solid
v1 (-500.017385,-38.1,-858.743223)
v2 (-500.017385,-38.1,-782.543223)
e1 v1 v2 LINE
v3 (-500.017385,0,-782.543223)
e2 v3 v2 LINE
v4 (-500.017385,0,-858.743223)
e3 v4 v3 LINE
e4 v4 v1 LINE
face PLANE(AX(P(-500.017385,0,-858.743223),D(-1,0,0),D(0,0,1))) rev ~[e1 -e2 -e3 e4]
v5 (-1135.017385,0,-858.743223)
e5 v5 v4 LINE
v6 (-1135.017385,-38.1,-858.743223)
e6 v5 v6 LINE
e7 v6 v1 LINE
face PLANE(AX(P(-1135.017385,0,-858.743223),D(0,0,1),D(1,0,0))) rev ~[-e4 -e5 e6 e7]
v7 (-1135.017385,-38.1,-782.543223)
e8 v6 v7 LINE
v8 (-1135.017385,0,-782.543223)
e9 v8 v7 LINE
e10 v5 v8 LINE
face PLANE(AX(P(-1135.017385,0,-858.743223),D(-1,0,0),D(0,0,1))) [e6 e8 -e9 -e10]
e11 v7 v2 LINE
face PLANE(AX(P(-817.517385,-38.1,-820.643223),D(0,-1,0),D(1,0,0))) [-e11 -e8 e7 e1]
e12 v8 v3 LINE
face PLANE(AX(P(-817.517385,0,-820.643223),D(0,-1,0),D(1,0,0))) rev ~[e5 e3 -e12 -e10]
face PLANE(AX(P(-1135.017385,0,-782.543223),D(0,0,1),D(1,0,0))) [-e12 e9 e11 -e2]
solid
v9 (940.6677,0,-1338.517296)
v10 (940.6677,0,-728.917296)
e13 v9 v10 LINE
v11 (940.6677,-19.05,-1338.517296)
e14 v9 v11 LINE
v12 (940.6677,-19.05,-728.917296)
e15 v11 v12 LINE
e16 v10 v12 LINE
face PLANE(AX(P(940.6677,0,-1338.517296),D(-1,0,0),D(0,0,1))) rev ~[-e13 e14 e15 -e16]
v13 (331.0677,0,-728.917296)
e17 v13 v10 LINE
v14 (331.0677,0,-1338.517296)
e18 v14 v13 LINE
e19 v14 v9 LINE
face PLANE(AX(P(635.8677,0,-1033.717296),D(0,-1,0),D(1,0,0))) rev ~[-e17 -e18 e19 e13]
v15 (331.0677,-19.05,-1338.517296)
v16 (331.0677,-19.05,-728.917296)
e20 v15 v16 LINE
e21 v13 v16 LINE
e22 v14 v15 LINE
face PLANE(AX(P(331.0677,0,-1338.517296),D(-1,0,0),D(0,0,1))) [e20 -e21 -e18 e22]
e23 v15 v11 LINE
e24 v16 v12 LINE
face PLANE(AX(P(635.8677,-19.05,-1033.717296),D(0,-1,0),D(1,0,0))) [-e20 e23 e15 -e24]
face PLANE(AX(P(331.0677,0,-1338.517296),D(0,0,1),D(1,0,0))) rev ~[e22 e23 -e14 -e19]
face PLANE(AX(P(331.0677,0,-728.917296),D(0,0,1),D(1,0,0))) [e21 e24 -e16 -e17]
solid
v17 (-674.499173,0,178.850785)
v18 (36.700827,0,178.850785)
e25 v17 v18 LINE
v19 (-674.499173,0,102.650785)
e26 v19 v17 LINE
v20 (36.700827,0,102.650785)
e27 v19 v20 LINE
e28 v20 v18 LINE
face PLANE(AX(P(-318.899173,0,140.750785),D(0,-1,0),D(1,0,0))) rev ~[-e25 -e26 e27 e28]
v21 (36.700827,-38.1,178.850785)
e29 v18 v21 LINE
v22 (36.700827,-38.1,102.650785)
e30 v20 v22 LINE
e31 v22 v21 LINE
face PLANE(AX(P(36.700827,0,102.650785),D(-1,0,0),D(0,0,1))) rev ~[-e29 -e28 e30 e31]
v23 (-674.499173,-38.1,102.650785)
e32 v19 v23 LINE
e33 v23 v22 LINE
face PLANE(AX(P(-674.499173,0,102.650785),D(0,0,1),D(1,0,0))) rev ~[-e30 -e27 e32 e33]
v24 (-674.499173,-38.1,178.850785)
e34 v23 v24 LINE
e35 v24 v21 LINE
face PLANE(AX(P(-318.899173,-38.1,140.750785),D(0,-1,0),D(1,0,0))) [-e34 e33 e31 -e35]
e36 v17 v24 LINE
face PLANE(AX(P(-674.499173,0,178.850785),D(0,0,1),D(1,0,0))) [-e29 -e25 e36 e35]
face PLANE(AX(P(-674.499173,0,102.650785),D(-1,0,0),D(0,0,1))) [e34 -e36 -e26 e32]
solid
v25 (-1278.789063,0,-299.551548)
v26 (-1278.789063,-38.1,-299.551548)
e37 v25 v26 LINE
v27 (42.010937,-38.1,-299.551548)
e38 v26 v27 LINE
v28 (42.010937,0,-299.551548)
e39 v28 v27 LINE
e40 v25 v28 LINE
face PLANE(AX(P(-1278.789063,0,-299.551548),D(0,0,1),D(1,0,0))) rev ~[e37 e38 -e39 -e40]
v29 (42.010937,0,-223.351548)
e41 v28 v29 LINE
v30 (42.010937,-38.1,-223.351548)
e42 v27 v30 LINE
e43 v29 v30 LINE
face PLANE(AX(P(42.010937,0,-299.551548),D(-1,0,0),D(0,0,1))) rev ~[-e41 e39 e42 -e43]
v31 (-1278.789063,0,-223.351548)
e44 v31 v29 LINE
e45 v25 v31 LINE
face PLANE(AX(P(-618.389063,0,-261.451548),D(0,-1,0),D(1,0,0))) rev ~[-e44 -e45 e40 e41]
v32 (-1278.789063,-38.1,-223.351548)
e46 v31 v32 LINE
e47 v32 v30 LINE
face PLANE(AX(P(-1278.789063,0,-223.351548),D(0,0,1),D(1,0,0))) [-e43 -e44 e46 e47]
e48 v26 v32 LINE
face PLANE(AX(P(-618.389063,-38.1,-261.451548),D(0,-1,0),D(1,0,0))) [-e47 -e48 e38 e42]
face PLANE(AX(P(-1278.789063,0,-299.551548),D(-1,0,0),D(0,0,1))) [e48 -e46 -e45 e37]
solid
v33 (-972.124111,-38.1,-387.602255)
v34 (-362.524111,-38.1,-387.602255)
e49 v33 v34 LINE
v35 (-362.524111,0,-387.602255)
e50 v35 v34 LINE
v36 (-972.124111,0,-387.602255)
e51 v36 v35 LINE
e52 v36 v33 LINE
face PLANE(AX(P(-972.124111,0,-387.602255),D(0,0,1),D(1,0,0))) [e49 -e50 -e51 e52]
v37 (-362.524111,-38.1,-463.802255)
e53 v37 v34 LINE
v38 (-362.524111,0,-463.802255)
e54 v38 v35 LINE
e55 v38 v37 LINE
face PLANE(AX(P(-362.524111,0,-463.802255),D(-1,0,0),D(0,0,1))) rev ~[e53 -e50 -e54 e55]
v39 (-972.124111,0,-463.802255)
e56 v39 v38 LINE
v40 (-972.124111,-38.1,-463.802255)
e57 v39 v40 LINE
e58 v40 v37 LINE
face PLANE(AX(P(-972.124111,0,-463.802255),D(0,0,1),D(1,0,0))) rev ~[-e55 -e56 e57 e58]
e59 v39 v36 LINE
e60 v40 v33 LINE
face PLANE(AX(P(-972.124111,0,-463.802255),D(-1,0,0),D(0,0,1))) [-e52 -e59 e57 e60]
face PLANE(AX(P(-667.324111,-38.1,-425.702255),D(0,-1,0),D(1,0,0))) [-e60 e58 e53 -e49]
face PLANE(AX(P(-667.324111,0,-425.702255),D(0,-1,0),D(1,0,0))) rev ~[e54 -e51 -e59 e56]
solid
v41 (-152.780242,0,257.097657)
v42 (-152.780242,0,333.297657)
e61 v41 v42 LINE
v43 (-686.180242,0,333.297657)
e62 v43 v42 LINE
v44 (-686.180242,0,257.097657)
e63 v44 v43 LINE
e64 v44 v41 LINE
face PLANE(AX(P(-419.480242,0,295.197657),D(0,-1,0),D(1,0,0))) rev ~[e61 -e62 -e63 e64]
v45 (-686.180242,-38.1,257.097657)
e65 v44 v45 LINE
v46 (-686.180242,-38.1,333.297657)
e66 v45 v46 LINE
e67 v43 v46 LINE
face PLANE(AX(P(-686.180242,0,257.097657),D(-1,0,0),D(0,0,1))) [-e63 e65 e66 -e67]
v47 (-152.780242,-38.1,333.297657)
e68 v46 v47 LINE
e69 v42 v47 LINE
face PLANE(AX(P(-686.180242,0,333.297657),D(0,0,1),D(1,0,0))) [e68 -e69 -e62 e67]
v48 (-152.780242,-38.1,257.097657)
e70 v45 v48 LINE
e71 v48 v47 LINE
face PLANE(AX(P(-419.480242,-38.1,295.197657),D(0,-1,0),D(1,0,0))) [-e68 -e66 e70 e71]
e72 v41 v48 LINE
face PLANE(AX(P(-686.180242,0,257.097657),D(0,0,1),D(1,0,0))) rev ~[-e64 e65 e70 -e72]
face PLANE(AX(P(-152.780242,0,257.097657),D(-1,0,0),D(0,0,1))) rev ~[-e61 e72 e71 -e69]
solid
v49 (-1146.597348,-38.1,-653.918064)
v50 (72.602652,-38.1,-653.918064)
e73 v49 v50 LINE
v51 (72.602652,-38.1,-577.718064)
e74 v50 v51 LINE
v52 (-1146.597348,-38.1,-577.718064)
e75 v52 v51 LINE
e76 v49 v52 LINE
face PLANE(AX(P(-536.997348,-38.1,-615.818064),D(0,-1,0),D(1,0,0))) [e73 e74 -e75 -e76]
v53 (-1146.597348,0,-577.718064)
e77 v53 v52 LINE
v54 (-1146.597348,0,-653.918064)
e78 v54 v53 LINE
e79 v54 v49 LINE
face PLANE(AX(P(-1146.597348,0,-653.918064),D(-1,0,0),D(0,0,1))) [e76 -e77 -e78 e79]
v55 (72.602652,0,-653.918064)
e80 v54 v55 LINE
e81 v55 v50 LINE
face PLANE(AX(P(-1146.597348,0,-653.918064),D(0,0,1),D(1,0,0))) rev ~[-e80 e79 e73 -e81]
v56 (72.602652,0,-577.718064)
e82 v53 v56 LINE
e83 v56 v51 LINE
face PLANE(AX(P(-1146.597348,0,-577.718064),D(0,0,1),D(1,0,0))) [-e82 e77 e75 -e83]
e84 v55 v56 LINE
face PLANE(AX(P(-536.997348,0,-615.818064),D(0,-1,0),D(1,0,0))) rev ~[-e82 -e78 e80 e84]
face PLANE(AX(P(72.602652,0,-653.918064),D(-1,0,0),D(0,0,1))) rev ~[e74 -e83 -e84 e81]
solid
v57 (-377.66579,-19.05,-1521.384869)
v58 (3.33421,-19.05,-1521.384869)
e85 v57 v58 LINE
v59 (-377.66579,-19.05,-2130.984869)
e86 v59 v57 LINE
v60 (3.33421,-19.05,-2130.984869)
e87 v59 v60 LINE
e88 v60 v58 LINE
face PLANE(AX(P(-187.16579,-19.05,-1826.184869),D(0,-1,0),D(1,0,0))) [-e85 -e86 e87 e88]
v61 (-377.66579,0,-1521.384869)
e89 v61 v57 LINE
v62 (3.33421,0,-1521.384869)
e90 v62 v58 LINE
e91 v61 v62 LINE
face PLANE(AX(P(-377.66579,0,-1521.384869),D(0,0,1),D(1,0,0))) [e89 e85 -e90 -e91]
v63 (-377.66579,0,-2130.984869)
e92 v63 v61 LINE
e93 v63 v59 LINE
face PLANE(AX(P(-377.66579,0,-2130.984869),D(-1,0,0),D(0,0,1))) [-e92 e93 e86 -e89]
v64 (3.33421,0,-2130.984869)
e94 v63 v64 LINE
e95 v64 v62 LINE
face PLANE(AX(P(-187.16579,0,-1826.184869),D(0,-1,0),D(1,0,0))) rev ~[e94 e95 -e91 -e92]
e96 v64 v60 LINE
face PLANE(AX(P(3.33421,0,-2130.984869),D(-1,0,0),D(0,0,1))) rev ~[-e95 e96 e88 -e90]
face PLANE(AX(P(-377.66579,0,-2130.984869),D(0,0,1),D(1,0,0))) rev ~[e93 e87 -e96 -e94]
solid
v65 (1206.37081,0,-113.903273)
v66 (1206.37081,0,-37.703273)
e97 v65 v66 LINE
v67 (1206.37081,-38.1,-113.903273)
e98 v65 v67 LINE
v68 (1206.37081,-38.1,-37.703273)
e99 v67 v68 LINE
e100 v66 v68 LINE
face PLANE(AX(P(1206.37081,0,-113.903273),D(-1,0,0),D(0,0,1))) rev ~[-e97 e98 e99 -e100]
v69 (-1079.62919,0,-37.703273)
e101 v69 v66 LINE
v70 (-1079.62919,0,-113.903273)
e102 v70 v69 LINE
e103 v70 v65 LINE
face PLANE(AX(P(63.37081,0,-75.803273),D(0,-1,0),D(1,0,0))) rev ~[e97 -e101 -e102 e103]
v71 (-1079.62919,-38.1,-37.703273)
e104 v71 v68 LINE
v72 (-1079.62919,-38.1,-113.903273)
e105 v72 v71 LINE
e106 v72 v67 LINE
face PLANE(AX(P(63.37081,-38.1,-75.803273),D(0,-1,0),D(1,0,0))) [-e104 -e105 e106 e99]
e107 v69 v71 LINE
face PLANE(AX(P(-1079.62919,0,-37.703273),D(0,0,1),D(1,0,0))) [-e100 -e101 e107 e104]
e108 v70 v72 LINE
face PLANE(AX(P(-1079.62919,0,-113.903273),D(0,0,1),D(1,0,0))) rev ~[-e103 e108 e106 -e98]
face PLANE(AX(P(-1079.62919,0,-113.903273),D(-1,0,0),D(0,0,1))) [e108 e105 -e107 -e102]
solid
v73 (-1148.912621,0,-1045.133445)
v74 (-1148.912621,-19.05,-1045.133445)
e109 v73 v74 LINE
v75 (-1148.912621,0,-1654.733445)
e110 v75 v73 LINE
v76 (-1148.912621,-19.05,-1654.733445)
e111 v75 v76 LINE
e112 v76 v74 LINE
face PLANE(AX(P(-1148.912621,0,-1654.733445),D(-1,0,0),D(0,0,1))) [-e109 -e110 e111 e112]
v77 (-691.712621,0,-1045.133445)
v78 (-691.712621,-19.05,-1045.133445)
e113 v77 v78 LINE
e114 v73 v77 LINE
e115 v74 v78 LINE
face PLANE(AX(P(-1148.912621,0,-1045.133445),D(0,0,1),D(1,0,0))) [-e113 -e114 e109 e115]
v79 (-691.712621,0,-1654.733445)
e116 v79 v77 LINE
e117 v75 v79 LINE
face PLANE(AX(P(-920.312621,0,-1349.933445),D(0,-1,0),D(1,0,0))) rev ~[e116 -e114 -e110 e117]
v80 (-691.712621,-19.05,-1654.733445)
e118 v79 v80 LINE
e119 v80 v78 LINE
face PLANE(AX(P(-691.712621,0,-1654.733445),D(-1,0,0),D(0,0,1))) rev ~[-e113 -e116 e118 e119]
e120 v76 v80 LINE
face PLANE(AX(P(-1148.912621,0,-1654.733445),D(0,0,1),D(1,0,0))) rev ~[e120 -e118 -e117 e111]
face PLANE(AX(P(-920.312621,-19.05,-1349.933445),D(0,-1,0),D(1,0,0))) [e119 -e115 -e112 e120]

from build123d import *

# Parameters (mm, degrees)
F0_W      = 2286
F0_H      = 76.2
F1_DEPTH  = 38.1
F2_W      = 533.4
F2_H      = 76.2
F3_DEPTH  = 38.1
F4_W      = 711.2
F4_H      = 76.2
F5_DEPTH  = 38.1
F6_W      = 1320.8
F6_H      = 76.2
F7_DEPTH  = 38.1
F8_W      = 533.4
F8_H      = 76.2
F9_DEPTH  = 38.1
F10_W     = 1219.2
F10_H     = 76.2
F11_DEPTH = 38.1
F13_W     = 609.6
F13_H     = 76.2
F14_DEPTH = 38.1
F15_W     = 635
F15_H     = 76.2
F16_DEPTH = 38.1
F17_W     = 609.6
F17_H     = 609.6
F18_DEPTH = 19.05
F19_W     = 457.2
F19_H     = 609.6
F20_DEPTH = 19.05
F21_W     = 381
F21_H     = 609.6
F22_DEPTH = 19.05


with BuildPart() as f1:
    # F0 (on Front) → F1 (new body)
    with BuildSketch(Plane.XZ):
        with Locations((63.37081, -75.803273)):
            Rectangle(F0_W, F0_H)
    extrude(amount=F1_DEPTH)


with BuildPart() as f3:
    # F2 (on Front) → F3 (new body)
    with BuildSketch(Plane.XZ):
        with Locations((-419.480242, 295.197657)):
            Rectangle(F2_W, F2_H)
    extrude(amount=F3_DEPTH)


with BuildPart() as f5:
    # F4 (on Front) → F5 (new body)
    with BuildSketch(Plane.XZ):
        with Locations((-318.899173, 140.750785)):
            Rectangle(F4_W, F4_H)
    extrude(amount=F5_DEPTH)


with BuildPart() as f7:
    # F6 (on Front) → F7 (new body)
    with BuildSketch(Plane.XZ):
        with Locations((-618.389063, -261.451548)):
            Rectangle(F6_W, F6_H)
    extrude(amount=F7_DEPTH)


with BuildPart() as f9:
    # F8 (on Front) → F9 (new body)
    with BuildSketch(Plane.XZ):
        with Locations((-266.7, -385.047625)):
            Rectangle(F8_W, F8_H)
    extrude(amount=F9_DEPTH)


with BuildPart() as f11:
    # F10 (on Front) → F11 (new body)
    with BuildSketch(Plane.XZ):
        with Locations((-536.997348, -615.818064)):
            Rectangle(F10_W, F10_H)
    extrude(amount=F11_DEPTH)


with BuildPart() as f14:
    # F13 (on Front) → F14 (new body)
    with BuildSketch(Plane.XZ):
        with Locations((-667.324111, -425.702255)):
            Rectangle(F13_W, F13_H)
    extrude(amount=F14_DEPTH)


with BuildPart() as f16:
    # F15 (on Front) → F16 (new body)
    with BuildSketch(Plane.XZ):
        with Locations((-817.517385, -820.643223)):
            Rectangle(F15_W, F15_H)
    extrude(amount=F16_DEPTH)


with BuildPart() as f18:
    # F17 (on Front) → F18 (new body)
    with BuildSketch(Plane.XZ):
        with Locations((635.8677, -1033.717296)):
            Rectangle(F17_W, F17_H)
    extrude(amount=F18_DEPTH)


with BuildPart() as f20:
    # F19 (on Front) → F20 (new body)
    with BuildSketch(Plane.XZ):
        with Locations((-920.312621, -1349.933445)):
            Rectangle(F19_W, F19_H)
    extrude(amount=F20_DEPTH)


with BuildPart() as f22:
    # F21 (on Front) → F22 (new body)
    with BuildSketch(Plane.XZ):
        with Locations((-187.16579, -1826.184869)):
            Rectangle(F21_W, F21_H)
    extrude(amount=F22_DEPTH)


solid = Compound([f1.part, f3.part, f5.part, f7.part, f11.part, f14.part, f16.part, f18.part, f20.part, f22.part])
